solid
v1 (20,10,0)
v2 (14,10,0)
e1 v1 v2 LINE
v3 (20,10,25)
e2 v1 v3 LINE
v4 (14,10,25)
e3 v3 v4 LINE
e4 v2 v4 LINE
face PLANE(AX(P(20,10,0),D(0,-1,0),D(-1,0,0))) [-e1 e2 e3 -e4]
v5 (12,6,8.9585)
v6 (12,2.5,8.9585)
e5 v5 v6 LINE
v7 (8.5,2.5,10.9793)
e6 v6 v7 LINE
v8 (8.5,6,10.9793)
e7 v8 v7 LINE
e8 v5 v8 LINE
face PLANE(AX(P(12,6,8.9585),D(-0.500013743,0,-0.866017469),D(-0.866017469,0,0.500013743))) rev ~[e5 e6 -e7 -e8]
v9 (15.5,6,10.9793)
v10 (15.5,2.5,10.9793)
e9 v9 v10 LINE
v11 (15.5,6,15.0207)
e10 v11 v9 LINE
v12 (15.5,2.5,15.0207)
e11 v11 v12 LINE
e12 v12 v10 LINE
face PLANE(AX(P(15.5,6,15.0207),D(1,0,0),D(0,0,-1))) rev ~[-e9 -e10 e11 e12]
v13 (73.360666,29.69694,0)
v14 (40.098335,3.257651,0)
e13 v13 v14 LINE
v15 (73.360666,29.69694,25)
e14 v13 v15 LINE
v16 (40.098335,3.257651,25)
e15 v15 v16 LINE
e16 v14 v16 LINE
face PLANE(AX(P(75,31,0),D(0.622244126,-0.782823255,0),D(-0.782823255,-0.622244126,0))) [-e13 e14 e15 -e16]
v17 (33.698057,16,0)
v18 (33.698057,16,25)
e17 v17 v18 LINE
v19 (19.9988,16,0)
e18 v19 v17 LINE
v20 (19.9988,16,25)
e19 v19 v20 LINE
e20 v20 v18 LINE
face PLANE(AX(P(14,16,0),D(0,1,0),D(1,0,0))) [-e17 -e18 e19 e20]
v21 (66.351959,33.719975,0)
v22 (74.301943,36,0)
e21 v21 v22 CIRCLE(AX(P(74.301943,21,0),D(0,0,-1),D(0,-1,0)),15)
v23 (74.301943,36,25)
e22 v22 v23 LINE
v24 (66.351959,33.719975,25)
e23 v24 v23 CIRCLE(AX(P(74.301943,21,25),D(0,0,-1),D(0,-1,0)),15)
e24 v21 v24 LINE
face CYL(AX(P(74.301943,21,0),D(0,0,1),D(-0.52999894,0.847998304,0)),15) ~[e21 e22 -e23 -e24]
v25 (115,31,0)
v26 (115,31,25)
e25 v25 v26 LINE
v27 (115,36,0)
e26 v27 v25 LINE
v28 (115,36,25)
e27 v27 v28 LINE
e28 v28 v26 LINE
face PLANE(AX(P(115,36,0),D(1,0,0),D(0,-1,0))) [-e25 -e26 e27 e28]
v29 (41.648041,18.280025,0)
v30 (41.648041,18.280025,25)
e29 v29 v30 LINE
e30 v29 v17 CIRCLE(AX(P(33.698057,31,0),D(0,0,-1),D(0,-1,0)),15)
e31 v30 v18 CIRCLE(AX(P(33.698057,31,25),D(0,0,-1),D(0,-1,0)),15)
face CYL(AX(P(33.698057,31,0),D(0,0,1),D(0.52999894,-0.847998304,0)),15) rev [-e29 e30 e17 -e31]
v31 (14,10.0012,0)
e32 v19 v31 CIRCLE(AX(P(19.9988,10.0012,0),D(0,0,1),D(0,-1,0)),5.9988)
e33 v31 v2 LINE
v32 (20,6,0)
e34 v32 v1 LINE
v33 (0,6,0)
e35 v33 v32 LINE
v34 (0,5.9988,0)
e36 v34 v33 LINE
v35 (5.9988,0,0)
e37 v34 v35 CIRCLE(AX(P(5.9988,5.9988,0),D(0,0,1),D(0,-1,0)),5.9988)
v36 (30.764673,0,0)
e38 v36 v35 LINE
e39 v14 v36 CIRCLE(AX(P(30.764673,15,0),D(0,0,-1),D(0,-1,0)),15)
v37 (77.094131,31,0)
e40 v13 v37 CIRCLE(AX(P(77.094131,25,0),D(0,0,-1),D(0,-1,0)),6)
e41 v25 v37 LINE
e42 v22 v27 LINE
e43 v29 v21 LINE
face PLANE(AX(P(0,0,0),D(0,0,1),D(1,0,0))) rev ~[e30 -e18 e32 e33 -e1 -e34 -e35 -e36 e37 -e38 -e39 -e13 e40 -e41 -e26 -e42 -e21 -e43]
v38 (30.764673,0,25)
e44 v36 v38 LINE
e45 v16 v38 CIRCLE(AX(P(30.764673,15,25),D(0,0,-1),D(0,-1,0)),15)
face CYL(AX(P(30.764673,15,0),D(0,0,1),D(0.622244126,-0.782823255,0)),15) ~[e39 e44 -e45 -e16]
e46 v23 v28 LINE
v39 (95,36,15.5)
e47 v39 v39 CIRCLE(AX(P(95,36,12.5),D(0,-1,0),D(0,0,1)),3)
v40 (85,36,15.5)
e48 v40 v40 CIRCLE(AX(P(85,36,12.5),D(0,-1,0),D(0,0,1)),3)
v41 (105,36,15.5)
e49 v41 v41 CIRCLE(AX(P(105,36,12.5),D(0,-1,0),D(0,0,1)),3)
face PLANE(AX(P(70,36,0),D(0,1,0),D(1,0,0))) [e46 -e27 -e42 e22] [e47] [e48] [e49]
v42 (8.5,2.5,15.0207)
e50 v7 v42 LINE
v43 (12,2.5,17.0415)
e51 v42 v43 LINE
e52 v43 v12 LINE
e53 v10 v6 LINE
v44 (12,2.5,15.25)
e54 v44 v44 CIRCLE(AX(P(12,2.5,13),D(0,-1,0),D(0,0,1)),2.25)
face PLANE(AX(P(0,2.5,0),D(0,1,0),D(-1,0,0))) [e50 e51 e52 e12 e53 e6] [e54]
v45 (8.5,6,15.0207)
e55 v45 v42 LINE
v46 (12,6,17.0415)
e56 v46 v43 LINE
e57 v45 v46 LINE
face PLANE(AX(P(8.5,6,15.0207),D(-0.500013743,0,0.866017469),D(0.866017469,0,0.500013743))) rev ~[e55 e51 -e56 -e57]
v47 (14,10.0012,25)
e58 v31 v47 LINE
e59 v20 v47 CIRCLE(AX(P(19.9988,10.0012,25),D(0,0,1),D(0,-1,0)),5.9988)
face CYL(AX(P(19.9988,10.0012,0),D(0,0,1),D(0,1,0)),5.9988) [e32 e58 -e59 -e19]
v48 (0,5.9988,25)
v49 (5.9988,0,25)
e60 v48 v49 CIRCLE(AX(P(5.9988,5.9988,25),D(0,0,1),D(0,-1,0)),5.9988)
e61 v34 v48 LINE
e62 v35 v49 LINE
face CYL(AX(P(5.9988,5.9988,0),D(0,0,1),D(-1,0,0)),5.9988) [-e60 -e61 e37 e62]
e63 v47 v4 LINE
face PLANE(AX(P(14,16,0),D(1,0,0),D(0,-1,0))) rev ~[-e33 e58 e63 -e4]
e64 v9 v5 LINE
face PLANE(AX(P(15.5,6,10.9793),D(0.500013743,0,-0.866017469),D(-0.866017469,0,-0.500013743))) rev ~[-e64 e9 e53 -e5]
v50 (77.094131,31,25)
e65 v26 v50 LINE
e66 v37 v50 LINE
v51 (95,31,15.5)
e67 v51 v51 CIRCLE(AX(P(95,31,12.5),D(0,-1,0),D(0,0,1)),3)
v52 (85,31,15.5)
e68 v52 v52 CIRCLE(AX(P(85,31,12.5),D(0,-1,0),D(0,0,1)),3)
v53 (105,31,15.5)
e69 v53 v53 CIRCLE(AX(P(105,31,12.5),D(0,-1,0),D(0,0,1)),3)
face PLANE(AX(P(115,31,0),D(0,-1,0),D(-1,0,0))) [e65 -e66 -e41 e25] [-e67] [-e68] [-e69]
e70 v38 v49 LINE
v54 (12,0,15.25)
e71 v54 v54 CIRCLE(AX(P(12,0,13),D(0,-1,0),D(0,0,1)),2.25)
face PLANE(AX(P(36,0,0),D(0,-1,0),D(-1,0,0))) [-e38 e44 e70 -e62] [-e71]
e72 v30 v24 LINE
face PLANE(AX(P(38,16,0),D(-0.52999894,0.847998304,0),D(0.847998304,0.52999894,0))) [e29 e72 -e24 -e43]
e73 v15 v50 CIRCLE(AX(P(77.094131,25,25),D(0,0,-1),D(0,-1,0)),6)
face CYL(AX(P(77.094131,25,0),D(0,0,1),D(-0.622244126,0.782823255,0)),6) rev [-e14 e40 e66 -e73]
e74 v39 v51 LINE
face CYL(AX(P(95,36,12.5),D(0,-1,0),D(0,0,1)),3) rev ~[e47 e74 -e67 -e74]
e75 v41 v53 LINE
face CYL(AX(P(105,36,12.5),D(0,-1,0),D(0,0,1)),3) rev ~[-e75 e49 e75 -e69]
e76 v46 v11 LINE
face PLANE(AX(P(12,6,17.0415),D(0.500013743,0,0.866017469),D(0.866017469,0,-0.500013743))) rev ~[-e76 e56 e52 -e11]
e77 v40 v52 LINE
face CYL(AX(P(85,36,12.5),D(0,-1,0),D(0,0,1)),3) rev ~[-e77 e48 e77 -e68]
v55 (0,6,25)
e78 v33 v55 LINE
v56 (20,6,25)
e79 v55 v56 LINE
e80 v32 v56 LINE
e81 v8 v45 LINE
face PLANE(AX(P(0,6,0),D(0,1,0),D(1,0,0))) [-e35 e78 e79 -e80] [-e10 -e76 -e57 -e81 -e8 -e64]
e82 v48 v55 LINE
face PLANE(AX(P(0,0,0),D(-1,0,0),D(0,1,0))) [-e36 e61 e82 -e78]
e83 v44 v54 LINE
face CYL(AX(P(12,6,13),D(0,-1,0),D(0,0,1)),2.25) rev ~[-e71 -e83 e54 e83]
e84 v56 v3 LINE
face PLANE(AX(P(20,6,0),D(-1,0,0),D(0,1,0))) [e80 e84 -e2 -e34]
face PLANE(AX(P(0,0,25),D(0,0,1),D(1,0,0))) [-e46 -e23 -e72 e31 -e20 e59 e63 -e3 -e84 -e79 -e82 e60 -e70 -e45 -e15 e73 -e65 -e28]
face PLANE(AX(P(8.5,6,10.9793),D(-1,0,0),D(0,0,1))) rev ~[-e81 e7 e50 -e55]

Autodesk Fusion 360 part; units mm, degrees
sketch "Sketch1" plane through (0, 0, 0) normal (0, 0, 1) x (1, 0, 0)
  line L0 (0, 0) -> (0, 6)
  line L1 (0, 6) -> (20, 6)
  line L2 (20, 6) -> (20, 10)
  line L3 (20, 10) -> (14, 10)
  line L4 (14, 16) -> (14, 10)
  line L5 (14, 16) -> (38, 16)
  line L6 (38, 16) -> (70, 36)
  line L7 (70, 36) -> (115, 36)
  line L8 (115, 36) -> (115, 31)
  line L9 (115, 31) -> (75, 31)
  line L10 (75, 31) -> (36, 0)
  line L11 (36, 0) -> (0, 0)
  dimension "d1" = 4
  dimension "d2" = 24
  dimension "d6" = 115
  dimension "d7" = 5
  dimension "d8" = 45
  dimension "d10" = 20
  dimension "d11" = 36
  dimension "d12" = 16
  dimension "d13" = 6
  dimension "d14" = 14
  dimension "d15" = 36
  dimension "d16" = 40
extrude "Extrude1" add sketch "Sketch1" along normal blind 25
sketch "Sketch2" plane through (0, 6, 0) normal (0, 1, 0) x (-1, 0, 0)
  line L0 (-20, 0) -> (0, 0)
  line L1 (0, 0) -> (0, 25)
  line L2 (0, 25) -> (-20, 25)
  line L3 (-20, 25) -> (-20, 0)
  line L4 (0, 13) -> (-20, 13) construction
  line L5 (-12, 25) -> (-12, 0) construction
  line L6 (-8.5, 15.0207) -> (-12, 17.0415)
  line L7 (-12, 17.0415) -> (-15.5, 15.0207)
  line L8 (-15.5, 15.0207) -> (-15.5, 10.9793)
  line L9 (-15.5, 10.9793) -> (-12, 8.9585)
  line L10 (-12, 8.9585) -> (-8.5, 10.9793)
  line L11 (-8.5, 10.9793) -> (-8.5, 15.0207)
  point P0 (-12, 13)
  dimension "d19" = 12
  dimension "d20" = 3.5
extrude "Extrude2" cut sketch "Sketch2" against normal blind 3.5 contours L6 L7 L8 L9 L10 L11
hole "Hole1" at (12, 6, 13) direction (0, -1, 0) diameter 4.5 end through all
sketch "Sketch3" plane through (0, 36, 0) normal (0, 1, 0) x (-1, 0, 0)
  line L0 (-115, 0) -> (-70, 0)
  line L1 (-70, 0) -> (-70, 25)
  line L2 (-70, 25) -> (-115, 25)
  line L3 (-115, 25) -> (-115, 0)
  line L4 (-115, 12.5) -> (-70, 12.5) construction
  line L5 (-105, 25) -> (-105, 0) construction
  point P0 (-105, 12.5)
  dimension "d26" = 10
hole "Hole2" at (105, 36, 12.5) direction (0, -1, 0) diameter 6 depth 6.5 tip angle 118
pattern_linear "R-Pattern1" count 3 spacing 10 along (-1, 0, 0) of "Hole2"
fillet "Fillet1" radius 15 1 edges at (70, 36, 12.5)
fillet "Fillet1" radius 6 1 edges at (75, 31, 12.5)
fillet "Fillet2" radius 15 2 edges at (38, 16, 12.5) (36, 0, 12.5)
fillet "Fillet3" radius 6 1 edges at (14, 16, 12.5)
fillet "Fillet4" radius 6 1 edges at (0, 0, 12.5)
